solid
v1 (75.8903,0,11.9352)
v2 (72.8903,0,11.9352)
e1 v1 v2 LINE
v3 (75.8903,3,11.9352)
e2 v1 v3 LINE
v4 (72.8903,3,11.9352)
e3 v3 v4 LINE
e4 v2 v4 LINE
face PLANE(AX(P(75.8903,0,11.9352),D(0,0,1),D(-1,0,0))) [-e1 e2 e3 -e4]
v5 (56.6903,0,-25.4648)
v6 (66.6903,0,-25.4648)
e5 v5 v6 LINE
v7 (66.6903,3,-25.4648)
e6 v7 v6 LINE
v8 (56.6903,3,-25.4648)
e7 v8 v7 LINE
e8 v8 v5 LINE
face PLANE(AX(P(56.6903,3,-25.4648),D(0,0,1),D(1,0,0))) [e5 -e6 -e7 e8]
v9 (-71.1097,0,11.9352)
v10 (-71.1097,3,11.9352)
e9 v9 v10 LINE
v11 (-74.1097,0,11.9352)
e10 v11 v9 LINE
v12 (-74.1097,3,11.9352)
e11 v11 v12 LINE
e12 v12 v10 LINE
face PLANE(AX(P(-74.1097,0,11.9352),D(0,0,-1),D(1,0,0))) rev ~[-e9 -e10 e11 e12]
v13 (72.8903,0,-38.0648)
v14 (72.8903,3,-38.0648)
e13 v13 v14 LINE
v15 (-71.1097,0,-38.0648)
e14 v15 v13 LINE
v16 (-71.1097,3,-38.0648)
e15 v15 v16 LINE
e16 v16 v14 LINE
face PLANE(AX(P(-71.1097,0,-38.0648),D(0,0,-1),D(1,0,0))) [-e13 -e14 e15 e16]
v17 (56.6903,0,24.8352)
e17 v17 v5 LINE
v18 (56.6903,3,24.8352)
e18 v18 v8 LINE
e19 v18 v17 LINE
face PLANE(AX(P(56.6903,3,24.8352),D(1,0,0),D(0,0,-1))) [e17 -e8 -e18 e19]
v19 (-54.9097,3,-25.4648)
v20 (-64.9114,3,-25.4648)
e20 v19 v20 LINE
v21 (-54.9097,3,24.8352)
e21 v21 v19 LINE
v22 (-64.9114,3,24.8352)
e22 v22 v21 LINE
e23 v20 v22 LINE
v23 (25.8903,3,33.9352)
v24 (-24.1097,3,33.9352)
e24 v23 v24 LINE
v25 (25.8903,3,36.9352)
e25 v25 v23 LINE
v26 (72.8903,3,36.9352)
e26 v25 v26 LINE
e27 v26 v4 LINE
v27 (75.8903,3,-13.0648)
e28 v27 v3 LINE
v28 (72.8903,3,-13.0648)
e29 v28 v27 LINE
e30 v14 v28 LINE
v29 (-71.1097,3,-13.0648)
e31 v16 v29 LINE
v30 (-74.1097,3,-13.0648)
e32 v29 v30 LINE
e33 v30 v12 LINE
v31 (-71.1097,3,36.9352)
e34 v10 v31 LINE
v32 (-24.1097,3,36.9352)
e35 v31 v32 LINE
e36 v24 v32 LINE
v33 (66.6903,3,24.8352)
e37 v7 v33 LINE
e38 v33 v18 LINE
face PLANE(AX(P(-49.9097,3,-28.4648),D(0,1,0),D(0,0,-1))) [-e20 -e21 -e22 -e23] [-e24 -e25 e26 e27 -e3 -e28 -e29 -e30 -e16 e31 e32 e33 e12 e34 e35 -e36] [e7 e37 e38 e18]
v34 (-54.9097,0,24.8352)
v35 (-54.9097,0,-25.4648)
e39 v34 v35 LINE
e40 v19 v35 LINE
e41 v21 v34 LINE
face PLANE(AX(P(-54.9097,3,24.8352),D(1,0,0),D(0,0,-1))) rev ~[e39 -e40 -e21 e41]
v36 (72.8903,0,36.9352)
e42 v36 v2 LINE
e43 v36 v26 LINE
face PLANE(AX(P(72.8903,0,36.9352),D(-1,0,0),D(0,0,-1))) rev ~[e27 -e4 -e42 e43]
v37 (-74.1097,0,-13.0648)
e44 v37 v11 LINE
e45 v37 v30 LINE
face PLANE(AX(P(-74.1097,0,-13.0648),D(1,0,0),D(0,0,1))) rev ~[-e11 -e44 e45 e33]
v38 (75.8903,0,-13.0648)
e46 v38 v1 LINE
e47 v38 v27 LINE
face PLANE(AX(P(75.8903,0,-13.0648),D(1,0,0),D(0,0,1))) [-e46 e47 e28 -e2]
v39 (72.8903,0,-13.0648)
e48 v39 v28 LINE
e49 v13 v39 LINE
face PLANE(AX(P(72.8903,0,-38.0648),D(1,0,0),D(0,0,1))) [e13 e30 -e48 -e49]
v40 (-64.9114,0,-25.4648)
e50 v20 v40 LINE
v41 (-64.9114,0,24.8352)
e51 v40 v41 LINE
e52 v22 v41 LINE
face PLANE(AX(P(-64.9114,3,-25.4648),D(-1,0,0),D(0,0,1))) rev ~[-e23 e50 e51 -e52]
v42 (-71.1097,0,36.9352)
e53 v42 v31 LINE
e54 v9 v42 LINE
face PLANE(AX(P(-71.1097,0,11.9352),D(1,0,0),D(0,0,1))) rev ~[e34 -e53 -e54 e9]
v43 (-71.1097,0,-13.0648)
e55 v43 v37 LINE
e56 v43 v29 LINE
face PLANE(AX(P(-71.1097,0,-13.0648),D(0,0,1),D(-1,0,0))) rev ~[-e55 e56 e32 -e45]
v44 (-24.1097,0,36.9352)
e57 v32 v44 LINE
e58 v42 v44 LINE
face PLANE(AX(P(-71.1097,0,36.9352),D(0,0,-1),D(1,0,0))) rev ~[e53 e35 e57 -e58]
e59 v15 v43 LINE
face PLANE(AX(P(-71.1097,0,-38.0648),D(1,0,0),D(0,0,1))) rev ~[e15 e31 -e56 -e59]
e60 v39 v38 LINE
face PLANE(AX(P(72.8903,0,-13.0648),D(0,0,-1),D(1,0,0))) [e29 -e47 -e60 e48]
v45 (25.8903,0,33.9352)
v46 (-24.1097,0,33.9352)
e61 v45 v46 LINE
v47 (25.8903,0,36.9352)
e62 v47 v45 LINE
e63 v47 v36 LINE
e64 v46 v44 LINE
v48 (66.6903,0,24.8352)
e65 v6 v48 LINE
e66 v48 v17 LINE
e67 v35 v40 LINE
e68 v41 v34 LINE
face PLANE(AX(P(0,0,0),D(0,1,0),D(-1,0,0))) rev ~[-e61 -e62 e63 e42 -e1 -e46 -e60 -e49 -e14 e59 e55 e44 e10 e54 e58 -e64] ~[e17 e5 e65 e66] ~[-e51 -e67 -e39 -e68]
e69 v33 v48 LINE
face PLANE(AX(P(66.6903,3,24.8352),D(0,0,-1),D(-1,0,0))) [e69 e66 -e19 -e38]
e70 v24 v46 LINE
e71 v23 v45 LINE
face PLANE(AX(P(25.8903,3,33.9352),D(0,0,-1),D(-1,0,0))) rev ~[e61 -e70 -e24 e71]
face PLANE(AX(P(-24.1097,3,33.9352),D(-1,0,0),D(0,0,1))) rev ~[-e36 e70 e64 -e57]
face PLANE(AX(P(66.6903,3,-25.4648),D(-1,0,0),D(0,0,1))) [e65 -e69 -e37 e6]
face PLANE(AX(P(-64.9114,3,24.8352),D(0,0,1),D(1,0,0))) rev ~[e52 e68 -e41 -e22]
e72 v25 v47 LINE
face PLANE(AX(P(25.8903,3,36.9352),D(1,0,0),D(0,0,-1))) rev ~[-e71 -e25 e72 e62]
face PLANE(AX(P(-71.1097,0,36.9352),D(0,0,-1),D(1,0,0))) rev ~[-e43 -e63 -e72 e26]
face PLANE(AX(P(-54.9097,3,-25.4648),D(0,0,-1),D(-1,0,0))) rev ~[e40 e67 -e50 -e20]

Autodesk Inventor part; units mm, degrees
ref_plane "YZ Plane" through (0, 0, 0) normal (1, 0, 0) x (0, 1, 0)
ref_plane "XZ Plane" through (0, 0, 0) normal (0, 1, 0) x (-1, 0, 0)
ref_plane "XY Plane" through (0, 0, 0) normal (0, 0, 1) x (1, 0, 0)
sketch "Sketch1" plane through (0, 0, 0) normal (0, 1, 0) x (-1, 0, 0)
  line L0 (71.1097, -38.0648) -> (71.1097, -13.0648)
  line L1 (71.1097, -13.0648) -> (74.1097, -13.0648)
  line L2 (74.1097, -13.0648) -> (74.1097, 11.9352)
  line L3 (74.1097, 11.9352) -> (71.1097, 11.9352)
  line L4 (71.1097, 11.9352) -> (71.1097, 36.9352)
  line L5 (-72.8903, -38.0648) -> (-72.8903, -13.0648)
  line L6 (-72.8903, 36.9352) -> (-72.8903, 11.9352)
  line L7 (-72.8903, -13.0648) -> (-75.8903, -13.0648)
  line L8 (-75.8903, -13.0648) -> (-75.8903, 11.9352)
  line L9 (-75.8903, 11.9352) -> (-72.8903, 11.9352)
  line L10 (71.1097, -38.0648) -> (-72.8903, -38.0648)
  line L11 (71.1097, 36.9352) -> (-72.8903, 36.9352)
  point P0 (0, 0)
extrude "Extrusion1" add sketch "Sketch1" along normal blind 3
sketch "Sketch2" plane through (0, 3, 0) normal (0, 1, 0) x (1, 0, 0)
  line L0 (-74.1097, 13.0648) -> (-74.1097, -11.9352) projected
  line L1 (75.8903, -11.9352) -> (75.8903, 13.0648) projected
  line L2 (-71.1097, -36.9352) -> (72.8903, -36.9352) projected
  line L3 (-24.1097, -36.9352) -> (25.8903, -36.9352)
  line L4 (25.8903, -36.9352) -> (25.8903, -33.9352)
  line L5 (25.8903, -33.9352) -> (-24.1097, -33.9352)
  line L6 (-24.1097, -33.9352) -> (-24.1097, -36.9352)
  line L7 (72.8903, 38.0648) -> (-71.1097, 38.0648) projected
  point P0 (0, 0)
  dimension "d13" = 50
  dimension "d14" = 3
extrude "Extrusion2" cut sketch "Sketch2" against normal blind 30
sketch "Sketch3" plane through (0, 3, 0) normal (0, 1, 0) x (1, 0, 0)
  line L0 (-71.1097, -36.9352) -> (-24.1097, -36.9352) projected
  line L1 (-74.1097, 13.0648) -> (-74.1097, -11.9352) projected
  line L2 (-54.9097, 25.4648) -> (-64.9114, 25.4648)
  line L3 (-64.9114, 25.4648) -> (-64.9114, -24.8352)
  line L4 (-64.9114, -24.8352) -> (-54.9097, -24.8352)
  line L5 (-54.9097, -24.8352) -> (-54.9097, 25.4648)
  line L6 (56.6903, 25.4648) -> (66.6903, 25.4648)
  line L7 (66.6903, 25.4648) -> (66.6903, -24.8352)
  line L8 (66.6903, -24.8352) -> (56.6903, -24.8352)
  line L9 (56.6903, -24.8352) -> (56.6903, 25.4648)
  circle A0 centre (-34.6697, 22.9248) radius 2
  circle A1 centre (-35.9397, -22.2952) radius 2
  circle A2 centre (40.2603, 22.9248) radius 2
  circle A3 centre (46.6103, -22.2952) radius 2
  line L10 (-49.9097, 28.4648) -> (51.6903, 28.4648)
  line L11 (51.6903, 28.4648) -> (51.6903, 33.4648)
  line L12 (51.6903, 33.4648) -> (-49.9097, 33.4648)
  line L13 (-49.9097, 33.4648) -> (-49.9097, 28.4648)
  point P0 (0, 0)
  dimension "d32" = 4
  dimension "d35" = 4
  dimension "d38" = 4
  dimension "d39" = 4
extrude "Extrusion3" cut sketch "Sketch3" against normal blind 10
sketch "Sketch4" plane through (0, 3, 0) normal (0, 1, 0) x (1, 0, 0)
  circle A0 centre (-34.6697, 22.9248) radius 2 projected
  circle A1 centre (-34.6697, 22.9248) radius 2
  circle A2 centre (40.2603, 22.9248) radius 2 projected
  circle A3 centre (40.2603, 22.9248) radius 2
  circle A4 centre (46.6103, -22.2952) radius 2 projected
  circle A5 centre (46.6103, -22.2952) radius 2
  circle A6 centre (-35.9397, -22.2952) radius 2 projected
  circle A7 centre (-35.9397, -22.2952) radius 2
  point P0 (0, 0)
extrude "Extrusion4" add sketch "Sketch4" against normal blind 3
sketch "Sketch5" plane through (-49.9097, 3, -28.4648) normal (1, 0, 0) x (0, 0, -1)
  line L0 (0, 0) -> (5, 0) projected
  line L1 (0, 0) -> (5, 0)
  line L2 (5, 0) -> (5, -3)
  line L3 (5, -3) -> (0, -3)
  line L4 (0, -3) -> (0, 0)
  point P0 (-28.4648, -3)
extrude "Extrusion5" add sketch "Sketch5" along normal blind 102.075
properties part number "Level2 (Arduino)"
